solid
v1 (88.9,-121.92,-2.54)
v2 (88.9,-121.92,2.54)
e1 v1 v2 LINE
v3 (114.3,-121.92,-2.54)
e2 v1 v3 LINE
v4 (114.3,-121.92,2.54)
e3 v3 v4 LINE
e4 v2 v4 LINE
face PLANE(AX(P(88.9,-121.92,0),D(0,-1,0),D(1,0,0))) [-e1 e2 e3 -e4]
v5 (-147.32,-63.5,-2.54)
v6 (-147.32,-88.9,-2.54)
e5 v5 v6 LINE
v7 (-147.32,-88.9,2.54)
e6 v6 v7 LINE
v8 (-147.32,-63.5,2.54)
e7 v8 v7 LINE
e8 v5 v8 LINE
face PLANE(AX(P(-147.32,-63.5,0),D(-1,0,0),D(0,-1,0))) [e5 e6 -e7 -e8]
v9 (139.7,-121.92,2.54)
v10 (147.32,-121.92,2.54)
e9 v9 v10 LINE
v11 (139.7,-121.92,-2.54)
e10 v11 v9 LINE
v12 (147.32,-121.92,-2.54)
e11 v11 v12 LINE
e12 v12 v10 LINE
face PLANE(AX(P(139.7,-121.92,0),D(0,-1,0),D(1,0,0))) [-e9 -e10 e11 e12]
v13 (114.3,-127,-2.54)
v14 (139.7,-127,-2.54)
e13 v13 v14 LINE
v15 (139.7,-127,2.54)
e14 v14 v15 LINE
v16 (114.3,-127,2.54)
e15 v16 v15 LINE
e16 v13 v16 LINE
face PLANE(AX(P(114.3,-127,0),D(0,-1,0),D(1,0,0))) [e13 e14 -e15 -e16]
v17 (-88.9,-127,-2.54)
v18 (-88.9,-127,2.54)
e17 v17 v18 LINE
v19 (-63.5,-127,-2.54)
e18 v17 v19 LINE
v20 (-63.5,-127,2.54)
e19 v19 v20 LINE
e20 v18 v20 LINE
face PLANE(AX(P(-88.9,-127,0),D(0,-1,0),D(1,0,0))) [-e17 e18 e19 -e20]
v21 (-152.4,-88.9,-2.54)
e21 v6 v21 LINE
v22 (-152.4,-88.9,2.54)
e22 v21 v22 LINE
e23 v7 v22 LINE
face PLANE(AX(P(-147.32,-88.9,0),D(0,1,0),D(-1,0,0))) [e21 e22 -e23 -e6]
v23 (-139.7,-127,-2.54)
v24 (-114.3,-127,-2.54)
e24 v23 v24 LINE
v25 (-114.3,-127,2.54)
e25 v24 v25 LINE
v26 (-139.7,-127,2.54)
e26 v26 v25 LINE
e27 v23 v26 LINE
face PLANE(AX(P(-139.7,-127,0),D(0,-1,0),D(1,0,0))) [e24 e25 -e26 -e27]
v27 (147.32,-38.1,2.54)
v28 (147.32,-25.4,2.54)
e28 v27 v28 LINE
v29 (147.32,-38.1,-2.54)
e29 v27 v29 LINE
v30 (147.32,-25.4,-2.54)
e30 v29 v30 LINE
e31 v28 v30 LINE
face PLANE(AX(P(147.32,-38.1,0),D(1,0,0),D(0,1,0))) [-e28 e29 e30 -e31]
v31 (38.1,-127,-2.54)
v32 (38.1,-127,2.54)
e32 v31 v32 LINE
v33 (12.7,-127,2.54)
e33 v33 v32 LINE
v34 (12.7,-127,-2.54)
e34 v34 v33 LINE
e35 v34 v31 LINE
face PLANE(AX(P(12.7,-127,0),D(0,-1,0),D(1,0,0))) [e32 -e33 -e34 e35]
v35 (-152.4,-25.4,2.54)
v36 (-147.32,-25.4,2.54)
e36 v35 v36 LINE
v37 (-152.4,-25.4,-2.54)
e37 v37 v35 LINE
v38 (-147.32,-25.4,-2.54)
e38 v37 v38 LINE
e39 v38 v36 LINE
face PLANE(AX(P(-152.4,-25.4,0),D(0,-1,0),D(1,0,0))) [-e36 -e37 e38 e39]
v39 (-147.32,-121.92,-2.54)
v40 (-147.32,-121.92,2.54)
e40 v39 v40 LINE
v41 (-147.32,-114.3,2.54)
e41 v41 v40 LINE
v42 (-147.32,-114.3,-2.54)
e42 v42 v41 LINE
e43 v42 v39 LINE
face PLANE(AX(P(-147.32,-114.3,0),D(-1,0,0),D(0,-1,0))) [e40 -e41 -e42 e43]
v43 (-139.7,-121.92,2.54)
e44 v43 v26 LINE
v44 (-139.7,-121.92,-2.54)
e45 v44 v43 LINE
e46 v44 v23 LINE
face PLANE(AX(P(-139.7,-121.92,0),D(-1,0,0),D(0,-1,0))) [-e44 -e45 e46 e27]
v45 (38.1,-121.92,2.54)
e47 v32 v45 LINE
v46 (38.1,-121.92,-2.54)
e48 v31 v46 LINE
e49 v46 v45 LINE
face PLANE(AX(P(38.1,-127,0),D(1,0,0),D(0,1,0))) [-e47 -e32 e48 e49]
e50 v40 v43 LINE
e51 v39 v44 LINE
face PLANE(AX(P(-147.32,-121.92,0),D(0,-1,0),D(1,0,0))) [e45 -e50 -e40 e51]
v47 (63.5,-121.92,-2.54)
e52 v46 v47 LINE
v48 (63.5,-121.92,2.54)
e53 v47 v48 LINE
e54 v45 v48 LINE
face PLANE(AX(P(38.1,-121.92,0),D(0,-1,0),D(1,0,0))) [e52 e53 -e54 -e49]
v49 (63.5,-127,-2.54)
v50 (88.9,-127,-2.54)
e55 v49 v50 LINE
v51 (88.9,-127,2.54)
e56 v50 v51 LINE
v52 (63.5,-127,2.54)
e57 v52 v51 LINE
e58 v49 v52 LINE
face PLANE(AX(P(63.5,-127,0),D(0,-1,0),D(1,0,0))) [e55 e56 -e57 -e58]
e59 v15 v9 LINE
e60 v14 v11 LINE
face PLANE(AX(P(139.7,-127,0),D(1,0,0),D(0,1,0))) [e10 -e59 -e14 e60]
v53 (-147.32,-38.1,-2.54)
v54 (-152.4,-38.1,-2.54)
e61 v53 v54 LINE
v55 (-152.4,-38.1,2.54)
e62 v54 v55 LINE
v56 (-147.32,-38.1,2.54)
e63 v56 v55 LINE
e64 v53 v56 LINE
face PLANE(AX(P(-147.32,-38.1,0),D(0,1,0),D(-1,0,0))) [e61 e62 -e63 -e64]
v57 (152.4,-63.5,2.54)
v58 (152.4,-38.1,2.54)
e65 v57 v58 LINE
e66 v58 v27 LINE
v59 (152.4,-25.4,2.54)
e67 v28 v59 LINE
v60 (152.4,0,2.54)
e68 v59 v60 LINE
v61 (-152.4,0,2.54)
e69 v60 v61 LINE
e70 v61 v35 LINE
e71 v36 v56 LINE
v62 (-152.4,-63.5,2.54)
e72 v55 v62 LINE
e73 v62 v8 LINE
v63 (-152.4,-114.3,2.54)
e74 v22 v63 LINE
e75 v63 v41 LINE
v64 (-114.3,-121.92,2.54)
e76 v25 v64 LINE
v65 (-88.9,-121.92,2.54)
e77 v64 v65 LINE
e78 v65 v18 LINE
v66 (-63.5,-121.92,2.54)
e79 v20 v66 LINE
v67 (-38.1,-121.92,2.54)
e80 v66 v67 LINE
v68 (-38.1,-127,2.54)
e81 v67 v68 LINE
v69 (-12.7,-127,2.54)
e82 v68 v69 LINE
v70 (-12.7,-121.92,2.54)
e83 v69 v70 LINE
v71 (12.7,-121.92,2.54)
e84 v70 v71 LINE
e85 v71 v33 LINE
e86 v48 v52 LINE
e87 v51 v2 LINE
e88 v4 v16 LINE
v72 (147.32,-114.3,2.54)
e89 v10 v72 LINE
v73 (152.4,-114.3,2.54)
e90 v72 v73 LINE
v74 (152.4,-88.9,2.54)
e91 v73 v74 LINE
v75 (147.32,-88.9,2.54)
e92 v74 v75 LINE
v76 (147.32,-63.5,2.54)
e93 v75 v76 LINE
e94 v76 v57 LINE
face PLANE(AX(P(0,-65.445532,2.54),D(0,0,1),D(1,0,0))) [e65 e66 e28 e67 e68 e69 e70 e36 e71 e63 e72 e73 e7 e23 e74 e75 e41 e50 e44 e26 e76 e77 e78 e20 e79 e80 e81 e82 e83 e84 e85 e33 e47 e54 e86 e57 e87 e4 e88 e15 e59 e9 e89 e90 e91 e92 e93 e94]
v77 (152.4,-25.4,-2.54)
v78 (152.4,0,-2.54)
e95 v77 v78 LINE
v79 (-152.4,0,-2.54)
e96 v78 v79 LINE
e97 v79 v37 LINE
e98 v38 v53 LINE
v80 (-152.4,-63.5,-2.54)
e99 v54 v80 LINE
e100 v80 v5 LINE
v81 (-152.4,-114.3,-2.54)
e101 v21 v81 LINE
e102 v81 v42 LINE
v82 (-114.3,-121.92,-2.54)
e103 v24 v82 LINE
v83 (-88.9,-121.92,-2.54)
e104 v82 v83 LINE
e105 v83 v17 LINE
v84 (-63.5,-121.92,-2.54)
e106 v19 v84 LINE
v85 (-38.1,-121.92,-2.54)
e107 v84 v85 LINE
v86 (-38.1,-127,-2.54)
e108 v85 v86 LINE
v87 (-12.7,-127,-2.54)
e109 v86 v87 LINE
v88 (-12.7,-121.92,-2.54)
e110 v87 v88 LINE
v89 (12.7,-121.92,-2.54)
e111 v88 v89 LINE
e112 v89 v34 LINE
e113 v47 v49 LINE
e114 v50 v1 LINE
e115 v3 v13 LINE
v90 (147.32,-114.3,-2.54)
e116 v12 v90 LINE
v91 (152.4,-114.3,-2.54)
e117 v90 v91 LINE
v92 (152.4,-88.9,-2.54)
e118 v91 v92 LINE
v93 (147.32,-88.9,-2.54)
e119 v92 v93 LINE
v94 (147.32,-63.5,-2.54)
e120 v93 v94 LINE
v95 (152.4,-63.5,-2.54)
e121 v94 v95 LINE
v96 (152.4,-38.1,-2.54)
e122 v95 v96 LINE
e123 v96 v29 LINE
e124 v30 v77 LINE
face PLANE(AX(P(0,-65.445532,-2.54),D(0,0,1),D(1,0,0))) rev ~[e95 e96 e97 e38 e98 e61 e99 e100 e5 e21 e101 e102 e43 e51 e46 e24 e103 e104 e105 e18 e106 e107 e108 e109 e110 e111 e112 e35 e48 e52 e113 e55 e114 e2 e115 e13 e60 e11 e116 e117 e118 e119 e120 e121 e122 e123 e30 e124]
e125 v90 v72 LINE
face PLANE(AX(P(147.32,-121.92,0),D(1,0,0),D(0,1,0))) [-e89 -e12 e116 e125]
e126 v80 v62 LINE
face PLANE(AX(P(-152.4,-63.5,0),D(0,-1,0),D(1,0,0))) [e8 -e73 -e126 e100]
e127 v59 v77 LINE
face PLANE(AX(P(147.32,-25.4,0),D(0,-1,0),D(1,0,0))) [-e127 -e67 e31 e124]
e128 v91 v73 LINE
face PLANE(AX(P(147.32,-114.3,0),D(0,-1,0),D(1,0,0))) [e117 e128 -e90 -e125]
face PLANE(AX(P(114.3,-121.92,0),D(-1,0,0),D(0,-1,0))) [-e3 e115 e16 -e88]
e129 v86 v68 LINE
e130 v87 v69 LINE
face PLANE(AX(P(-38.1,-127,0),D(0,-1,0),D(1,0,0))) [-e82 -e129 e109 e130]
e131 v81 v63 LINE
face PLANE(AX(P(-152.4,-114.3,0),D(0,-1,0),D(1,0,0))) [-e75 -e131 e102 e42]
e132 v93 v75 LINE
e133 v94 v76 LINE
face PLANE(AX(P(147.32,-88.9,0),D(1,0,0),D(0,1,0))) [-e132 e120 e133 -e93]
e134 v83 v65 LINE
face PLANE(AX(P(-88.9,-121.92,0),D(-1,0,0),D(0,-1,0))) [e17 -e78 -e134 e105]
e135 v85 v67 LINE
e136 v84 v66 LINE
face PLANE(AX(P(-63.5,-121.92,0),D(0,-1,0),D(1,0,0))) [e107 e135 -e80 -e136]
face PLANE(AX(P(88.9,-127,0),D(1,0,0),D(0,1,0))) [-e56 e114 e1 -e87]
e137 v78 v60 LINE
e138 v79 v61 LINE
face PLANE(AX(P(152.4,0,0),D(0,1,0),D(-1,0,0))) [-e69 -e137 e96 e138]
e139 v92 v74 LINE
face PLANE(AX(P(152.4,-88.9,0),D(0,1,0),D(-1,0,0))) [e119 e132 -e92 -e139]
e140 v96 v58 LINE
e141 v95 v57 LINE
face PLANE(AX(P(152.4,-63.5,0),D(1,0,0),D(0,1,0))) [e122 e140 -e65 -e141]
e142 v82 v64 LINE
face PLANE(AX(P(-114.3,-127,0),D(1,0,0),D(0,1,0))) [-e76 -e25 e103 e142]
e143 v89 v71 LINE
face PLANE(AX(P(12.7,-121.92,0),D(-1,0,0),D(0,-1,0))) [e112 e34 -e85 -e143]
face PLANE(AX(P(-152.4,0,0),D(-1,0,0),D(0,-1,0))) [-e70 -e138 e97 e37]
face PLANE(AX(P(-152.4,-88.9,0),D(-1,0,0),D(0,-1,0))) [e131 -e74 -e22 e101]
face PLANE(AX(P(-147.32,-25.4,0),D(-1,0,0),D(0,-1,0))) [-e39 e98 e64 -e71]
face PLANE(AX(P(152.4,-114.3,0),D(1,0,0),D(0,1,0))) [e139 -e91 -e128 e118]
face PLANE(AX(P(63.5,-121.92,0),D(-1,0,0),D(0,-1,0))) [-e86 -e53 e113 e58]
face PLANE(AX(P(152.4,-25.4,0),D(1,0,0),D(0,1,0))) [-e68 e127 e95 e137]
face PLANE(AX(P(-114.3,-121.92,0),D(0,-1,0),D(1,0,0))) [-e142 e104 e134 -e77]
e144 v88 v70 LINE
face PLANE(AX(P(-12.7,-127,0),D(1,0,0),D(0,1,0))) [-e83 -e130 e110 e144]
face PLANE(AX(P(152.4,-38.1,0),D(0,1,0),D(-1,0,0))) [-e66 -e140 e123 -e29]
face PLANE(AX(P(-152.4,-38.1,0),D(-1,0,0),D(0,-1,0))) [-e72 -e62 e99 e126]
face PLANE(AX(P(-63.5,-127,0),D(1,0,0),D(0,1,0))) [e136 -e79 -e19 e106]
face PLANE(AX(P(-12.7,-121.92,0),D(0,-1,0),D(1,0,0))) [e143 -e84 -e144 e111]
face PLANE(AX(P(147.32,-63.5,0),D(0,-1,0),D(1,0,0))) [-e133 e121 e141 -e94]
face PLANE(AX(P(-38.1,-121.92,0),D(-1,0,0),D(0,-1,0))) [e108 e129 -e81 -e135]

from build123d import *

# Parameters (mm, degrees)
BOSS_EXTRUDE1_DEPTH = 2.54


with BuildPart() as part:
    # Sketch1 → Boss-Extrude1 (new body, symmetric)
    with BuildSketch(Plane.XY):
        Polygon((152.4, -25.4), (152.4, 0), (-152.4, 0), (-152.4, -25.4), (-147.32, -25.4), (-147.32, -38.1), (-152.4, -38.1), (-152.4, -63.5), (-147.32, -63.5), (-147.32, -88.9), (-152.4, -88.9), (-152.4, -114.3), (-147.32, -114.3), (-147.32, -121.92), (-139.7, -121.92), (-139.7, -127), (-114.3, -127), (-114.3, -121.92), (-88.9, -121.92), (-88.9, -127), (-63.5, -127), (-63.5, -121.92), (-38.1, -121.92), (-38.1, -127), (-12.7, -127), (-12.7, -121.92), (12.7, -121.92), (12.7, -127), (38.1, -127), (38.1, -121.92), (63.5, -121.92), (63.5, -127), (88.9, -127), (88.9, -121.92), (114.3, -121.92), (114.3, -127), (139.7, -127), (139.7, -121.92), (147.32, -121.92), (147.32, -114.3), (152.4, -114.3), (152.4, -88.9), (147.32, -88.9), (147.32, -63.5), (152.4, -63.5), (152.4, -38.1), (147.32, -38.1), (147.32, -25.4), align=None)
    extrude(amount=BOSS_EXTRUDE1_DEPTH, both=True)


solid = part.part
